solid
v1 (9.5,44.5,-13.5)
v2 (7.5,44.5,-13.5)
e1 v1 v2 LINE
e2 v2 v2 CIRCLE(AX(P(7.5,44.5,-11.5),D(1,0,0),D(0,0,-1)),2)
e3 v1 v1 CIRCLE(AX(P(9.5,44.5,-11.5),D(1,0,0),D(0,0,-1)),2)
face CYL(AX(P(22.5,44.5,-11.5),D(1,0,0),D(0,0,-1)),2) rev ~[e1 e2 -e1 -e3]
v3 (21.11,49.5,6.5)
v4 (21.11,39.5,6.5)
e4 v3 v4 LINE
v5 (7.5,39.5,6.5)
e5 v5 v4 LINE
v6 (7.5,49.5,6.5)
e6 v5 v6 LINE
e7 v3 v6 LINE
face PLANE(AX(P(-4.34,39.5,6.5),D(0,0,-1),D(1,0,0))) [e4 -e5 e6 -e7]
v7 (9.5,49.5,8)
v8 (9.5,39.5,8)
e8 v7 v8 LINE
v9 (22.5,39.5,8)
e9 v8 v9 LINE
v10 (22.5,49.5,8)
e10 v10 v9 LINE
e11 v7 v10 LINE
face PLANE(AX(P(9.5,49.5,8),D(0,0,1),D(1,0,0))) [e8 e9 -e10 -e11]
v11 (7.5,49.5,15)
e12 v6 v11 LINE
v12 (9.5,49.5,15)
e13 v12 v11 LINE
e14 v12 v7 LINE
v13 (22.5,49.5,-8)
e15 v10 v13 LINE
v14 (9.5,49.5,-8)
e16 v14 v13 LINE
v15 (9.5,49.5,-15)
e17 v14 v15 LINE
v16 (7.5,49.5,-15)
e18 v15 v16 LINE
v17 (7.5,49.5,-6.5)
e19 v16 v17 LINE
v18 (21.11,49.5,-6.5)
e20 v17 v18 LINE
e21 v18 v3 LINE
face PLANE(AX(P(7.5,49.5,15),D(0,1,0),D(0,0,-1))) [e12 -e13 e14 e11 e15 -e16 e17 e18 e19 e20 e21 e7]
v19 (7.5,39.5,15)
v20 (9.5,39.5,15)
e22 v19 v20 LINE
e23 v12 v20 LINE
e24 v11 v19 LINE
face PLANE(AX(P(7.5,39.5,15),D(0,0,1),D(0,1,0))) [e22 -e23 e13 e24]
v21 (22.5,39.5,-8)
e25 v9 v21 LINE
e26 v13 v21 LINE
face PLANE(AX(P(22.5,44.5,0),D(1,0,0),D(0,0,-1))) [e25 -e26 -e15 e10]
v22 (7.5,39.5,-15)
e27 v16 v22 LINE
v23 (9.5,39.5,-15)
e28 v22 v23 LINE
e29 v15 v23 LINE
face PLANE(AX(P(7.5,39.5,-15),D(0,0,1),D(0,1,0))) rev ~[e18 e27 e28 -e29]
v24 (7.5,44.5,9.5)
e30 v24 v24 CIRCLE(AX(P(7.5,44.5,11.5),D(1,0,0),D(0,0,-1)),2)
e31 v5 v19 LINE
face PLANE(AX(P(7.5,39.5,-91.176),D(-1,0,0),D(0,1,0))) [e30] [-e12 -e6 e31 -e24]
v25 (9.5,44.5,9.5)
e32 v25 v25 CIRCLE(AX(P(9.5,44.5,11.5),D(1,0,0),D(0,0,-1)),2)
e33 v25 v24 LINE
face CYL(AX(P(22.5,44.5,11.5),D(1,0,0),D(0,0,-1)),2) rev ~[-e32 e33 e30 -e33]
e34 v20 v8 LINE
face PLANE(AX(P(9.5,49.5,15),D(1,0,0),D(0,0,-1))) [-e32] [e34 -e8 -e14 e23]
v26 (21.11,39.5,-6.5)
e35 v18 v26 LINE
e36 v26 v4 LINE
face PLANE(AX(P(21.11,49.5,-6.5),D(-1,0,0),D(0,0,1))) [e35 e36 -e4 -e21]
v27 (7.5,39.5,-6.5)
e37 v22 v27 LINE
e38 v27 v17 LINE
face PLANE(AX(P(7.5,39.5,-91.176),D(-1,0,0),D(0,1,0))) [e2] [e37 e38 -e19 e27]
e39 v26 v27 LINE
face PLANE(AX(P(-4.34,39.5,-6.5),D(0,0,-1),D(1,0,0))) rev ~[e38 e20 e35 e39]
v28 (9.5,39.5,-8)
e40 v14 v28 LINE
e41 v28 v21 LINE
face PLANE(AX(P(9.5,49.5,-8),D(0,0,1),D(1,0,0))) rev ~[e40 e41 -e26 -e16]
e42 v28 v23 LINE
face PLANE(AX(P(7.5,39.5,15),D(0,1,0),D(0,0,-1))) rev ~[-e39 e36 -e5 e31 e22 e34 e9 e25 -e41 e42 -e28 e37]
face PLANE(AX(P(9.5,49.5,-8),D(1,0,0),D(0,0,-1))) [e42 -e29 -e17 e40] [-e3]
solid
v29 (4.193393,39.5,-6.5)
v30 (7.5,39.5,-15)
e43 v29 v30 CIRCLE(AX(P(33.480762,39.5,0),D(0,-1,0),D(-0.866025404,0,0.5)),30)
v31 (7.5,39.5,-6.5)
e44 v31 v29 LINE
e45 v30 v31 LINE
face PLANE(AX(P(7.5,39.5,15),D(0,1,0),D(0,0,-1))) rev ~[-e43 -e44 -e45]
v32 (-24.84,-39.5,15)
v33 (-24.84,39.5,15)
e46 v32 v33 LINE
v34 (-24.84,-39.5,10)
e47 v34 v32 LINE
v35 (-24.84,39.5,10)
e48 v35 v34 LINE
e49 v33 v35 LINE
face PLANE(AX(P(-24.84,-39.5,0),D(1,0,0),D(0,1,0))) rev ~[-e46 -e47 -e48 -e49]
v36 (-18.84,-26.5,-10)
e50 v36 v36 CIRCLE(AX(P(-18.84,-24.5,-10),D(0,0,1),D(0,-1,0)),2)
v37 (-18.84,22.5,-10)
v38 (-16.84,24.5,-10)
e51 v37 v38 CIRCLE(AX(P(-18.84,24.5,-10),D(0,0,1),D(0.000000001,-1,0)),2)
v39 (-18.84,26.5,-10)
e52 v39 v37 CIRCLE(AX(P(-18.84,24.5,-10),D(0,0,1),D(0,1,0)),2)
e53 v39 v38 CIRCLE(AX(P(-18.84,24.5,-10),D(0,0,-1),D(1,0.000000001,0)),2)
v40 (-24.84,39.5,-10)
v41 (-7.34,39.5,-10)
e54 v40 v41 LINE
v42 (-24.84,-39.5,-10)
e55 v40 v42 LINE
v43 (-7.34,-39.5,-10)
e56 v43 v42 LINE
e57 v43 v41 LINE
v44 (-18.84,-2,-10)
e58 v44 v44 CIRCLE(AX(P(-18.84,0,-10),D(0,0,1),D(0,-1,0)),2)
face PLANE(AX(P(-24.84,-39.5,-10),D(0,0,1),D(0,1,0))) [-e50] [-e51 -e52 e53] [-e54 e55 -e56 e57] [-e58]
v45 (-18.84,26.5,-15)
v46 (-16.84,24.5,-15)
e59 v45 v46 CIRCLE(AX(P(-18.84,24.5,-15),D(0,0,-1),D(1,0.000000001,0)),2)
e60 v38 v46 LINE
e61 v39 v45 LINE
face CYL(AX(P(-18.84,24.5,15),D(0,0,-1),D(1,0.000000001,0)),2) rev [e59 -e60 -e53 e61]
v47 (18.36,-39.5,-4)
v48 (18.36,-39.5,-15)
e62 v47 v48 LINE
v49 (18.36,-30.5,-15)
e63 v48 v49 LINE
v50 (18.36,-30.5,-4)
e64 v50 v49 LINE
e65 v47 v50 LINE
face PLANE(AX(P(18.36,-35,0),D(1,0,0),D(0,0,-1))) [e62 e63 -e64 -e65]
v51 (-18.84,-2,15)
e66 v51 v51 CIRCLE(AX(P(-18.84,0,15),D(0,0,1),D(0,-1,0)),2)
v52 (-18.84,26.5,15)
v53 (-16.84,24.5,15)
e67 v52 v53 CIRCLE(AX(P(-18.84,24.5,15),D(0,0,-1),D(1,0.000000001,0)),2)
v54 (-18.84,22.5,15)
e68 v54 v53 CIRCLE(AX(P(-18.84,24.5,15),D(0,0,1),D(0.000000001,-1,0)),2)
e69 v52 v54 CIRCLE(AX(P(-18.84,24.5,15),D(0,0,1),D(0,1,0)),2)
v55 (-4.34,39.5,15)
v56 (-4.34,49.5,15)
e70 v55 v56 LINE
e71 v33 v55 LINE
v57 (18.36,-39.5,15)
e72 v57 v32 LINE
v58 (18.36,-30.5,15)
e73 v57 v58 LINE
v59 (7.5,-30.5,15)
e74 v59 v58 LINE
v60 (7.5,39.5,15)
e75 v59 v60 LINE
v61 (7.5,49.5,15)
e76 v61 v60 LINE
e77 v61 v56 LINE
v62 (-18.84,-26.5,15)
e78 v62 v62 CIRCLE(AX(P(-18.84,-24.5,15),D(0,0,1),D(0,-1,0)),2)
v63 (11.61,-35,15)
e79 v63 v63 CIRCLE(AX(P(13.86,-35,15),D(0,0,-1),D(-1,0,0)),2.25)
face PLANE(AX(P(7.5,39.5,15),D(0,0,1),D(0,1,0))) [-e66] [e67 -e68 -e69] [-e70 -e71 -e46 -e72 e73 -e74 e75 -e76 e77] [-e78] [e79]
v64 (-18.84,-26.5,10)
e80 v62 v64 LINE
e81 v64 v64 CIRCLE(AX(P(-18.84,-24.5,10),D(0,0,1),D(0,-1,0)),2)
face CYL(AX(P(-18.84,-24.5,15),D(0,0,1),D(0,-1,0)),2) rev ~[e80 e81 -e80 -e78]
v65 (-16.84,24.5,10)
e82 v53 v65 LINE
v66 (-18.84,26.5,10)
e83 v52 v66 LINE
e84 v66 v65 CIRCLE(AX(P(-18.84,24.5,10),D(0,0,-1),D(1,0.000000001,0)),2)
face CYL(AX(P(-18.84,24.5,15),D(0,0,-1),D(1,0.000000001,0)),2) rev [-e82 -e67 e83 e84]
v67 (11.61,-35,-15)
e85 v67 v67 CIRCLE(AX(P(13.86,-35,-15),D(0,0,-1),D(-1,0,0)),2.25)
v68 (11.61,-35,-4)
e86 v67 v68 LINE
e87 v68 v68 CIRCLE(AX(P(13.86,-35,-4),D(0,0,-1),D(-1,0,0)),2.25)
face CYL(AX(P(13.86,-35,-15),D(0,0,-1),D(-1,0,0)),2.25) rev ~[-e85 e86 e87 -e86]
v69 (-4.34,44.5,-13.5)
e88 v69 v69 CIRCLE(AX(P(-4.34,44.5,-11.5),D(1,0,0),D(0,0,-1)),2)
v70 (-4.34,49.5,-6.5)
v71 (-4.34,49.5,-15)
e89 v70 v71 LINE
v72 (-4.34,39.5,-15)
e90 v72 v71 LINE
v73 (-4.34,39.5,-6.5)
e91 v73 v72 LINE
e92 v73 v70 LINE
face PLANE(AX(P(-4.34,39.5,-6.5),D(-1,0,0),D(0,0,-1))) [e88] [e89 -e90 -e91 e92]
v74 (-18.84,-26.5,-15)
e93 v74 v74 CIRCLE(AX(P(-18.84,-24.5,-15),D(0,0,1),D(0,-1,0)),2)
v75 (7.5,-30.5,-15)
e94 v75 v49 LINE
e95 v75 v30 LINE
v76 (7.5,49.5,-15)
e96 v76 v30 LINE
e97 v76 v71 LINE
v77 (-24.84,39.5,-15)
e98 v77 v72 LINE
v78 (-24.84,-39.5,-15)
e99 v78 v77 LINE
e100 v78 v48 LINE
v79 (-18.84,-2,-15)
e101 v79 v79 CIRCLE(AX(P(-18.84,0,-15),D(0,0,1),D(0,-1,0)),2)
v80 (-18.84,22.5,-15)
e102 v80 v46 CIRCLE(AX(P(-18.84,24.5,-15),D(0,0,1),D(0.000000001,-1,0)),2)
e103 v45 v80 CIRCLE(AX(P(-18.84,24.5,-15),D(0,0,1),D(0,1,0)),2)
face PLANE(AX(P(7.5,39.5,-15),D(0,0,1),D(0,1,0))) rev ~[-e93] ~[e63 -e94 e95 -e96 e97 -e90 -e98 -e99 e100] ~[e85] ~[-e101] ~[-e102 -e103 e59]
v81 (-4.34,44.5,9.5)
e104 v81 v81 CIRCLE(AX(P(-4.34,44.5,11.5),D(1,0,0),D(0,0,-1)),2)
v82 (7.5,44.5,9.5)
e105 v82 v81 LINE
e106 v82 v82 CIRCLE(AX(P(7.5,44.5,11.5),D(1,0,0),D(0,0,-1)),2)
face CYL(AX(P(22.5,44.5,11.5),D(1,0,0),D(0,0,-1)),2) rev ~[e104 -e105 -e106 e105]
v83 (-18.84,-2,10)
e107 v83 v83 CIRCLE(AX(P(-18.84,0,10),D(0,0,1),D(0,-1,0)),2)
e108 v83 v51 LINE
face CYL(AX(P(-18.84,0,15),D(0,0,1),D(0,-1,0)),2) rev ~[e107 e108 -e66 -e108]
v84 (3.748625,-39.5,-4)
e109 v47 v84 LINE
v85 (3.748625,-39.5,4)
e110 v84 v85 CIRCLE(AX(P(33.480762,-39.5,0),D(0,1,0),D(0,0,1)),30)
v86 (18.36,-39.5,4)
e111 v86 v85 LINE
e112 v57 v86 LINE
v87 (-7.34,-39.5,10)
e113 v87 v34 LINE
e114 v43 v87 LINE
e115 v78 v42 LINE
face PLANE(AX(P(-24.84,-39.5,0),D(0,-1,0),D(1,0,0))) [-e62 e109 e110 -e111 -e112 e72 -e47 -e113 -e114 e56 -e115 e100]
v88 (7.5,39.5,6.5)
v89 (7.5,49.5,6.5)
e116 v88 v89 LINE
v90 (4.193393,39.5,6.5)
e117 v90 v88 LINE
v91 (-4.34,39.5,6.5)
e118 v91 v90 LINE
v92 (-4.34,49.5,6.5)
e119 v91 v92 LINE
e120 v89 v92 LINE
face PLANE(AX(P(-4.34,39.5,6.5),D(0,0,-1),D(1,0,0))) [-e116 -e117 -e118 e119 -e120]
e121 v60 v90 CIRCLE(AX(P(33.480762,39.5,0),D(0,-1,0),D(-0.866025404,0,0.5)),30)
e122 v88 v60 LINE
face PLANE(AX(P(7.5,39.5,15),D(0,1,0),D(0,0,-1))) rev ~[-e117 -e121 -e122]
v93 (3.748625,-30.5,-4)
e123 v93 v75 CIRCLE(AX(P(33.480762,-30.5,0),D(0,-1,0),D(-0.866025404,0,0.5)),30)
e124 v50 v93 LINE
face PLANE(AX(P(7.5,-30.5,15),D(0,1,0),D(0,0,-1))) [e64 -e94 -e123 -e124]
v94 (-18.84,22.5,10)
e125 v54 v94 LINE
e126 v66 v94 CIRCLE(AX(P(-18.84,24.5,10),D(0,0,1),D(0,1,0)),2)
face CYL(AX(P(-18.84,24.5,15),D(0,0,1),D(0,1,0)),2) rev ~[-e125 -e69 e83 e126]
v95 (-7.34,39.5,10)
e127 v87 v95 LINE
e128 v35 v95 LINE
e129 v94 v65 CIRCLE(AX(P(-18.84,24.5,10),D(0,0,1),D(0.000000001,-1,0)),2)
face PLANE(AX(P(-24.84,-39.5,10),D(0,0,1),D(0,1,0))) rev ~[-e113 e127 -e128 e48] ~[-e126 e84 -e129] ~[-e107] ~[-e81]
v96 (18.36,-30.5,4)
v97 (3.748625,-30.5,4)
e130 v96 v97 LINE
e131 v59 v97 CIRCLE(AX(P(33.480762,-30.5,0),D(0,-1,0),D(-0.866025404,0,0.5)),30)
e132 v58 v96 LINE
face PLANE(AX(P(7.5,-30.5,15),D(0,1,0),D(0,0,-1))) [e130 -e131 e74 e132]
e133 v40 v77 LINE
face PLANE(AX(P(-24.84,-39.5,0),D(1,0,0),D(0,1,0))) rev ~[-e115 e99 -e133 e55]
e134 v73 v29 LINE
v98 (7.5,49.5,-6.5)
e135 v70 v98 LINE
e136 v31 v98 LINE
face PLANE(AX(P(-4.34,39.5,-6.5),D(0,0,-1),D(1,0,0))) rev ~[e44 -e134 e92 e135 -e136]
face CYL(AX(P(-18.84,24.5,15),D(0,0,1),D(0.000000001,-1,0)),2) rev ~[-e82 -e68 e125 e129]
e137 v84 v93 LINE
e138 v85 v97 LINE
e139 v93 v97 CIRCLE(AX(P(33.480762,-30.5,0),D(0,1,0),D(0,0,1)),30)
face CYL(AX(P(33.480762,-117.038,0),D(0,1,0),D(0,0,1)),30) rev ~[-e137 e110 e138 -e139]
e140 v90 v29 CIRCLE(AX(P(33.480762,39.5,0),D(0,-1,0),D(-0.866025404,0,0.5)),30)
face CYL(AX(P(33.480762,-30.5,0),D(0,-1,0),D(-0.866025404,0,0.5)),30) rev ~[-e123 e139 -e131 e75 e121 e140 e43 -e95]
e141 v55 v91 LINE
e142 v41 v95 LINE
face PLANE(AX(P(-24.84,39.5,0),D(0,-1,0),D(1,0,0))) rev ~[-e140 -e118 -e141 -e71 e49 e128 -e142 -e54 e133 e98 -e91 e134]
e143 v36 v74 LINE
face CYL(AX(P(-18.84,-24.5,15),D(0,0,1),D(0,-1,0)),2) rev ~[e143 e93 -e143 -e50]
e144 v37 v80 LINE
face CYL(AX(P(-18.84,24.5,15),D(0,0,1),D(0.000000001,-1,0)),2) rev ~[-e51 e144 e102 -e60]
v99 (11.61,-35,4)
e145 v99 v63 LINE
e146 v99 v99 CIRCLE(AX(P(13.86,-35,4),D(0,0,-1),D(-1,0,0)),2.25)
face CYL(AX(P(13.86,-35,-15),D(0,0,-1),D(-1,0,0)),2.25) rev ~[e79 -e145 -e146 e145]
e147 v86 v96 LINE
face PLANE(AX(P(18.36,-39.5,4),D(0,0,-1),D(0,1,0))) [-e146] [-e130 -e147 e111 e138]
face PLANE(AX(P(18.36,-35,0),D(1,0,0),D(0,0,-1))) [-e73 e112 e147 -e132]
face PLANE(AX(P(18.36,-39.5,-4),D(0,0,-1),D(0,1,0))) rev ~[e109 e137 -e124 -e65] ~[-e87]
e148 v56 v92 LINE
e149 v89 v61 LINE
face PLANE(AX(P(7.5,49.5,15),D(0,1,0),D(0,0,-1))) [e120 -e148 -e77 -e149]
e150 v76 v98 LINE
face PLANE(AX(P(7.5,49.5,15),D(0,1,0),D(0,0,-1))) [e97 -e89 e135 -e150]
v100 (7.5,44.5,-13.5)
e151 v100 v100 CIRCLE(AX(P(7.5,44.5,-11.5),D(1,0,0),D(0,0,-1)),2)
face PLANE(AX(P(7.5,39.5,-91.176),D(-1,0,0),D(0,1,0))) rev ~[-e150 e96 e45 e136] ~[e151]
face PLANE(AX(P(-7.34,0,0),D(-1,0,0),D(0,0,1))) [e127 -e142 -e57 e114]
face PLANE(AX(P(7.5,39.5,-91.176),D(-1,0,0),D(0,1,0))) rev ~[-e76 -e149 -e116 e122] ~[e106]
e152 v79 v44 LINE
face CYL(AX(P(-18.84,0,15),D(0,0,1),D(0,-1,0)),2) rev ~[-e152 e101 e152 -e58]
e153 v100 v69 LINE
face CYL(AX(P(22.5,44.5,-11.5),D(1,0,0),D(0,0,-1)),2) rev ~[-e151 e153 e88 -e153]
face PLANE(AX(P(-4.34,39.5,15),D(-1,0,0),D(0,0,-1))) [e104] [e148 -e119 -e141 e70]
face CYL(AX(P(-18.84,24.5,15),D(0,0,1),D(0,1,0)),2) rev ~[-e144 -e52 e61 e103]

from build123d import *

# Parameters (mm, degrees)
SKETCH1_W               = 15
SKETCH1_H               = 79
BOSS_EXTRUDE1_DEPTH     = 15
CUT_EXTRUDE1_DEPTH      = 81.76044824
CUT_EXTRUDE1_DEPTH_BACK = 70
SKETCH3_W               = 30
SKETCH3_H               = 9
BOSS_EXTRUDE2_DEPTH     = 10.86
SKETCH4_R               = 2.25
CUT_EXTRUDE2_DEPTH      = 50.86
CUT_EXTRUDE3_REACH      = 51.538
CUT_EXTRUDE3_END_RADIUS = 30
SKETCH5_W               = 8
SKETCH5_H               = 9
SKETCH8_W               = 17.34
SKETCH8_H               = 79
BOSS_EXTRUDE3_DEPTH     = 15
SKETCH9_W               = 20
SKETCH9_H               = 79
CUT_EXTRUDE4_DEPTH      = 17.5
SKETCH10_R              = 2
CUT_EXTRUDE5_DEPTH      = 40
SKETCH11_W              = 11.84
SKETCH11_H              = 8.5
BOSS_EXTRUDE4_DEPTH     = 10
SKETCH12_R              = 1.5
CUT_EXTRUDE6_DEPTH      = 15
SKETCH14_W              = 30
SKETCH14_H              = 10
BOSS_EXTRUDE5_DEPTH     = 15
SKETCH15_W              = 13
SKETCH15_H              = 7
CUT_EXTRUDE7_DEPTH      = 13
SPLIT1_SURFACE_1_BACK   = 106.176
SPLIT1_SURFACE_1_DEPTH  = 212.352
SPLIT1_SURFACE_2_BACK   = 106.176
SPLIT1_SURFACE_2_DEPTH  = 212.352
SKETCH18_R              = 2
CUT_EXTRUDE8_DEPTH      = 43


with BuildPart() as part:
    # Sketch1 → Boss-Extrude1 (new, symmetric)
    with BuildSketch(Plane.XY):
        Rectangle(SKETCH1_W, SKETCH1_H)
    extrude(amount=BOSS_EXTRUDE1_DEPTH, both=True)

    # Sketch2 → Cut-Extrude1 (cut, two sides: drawn at the far end of the back side and taken through both)
    with BuildSketch(Plane(origin=(0, 39.5, 0), x_dir=(1, 0, 0), z_dir=(0, 1, 0)).offset(-CUT_EXTRUDE1_DEPTH_BACK)):
        with BuildLine():
            ThreePointArc((7.5, -15), (3.480762114, 0), (7.5, 15))
            Line((7.5, 15), (7.5, -15))
        make_face()
    extrude(amount=CUT_EXTRUDE1_DEPTH + CUT_EXTRUDE1_DEPTH_BACK, mode=Mode.SUBTRACT)

    # Sketch3 → Boss-Extrude2 (add)
    with BuildSketch(Plane(origin=(7.5, 0, 0), x_dir=(0, 0, -1), z_dir=(1, 0, 0))):
        with Locations((0, -35)):
            Rectangle(SKETCH3_W, SKETCH3_H)
    extrude(amount=BOSS_EXTRUDE2_DEPTH)

    # Sketch4 → Cut-Extrude2 (cut)
    with BuildSketch(Plane(origin=(0, 0, -15), x_dir=(-1, 0, 0), z_dir=(0, 0, -1))):
        with Locations((-13.86, -35)):
            Circle(SKETCH4_R)
    extrude(amount=-CUT_EXTRUDE2_DEPTH, mode=Mode.SUBTRACT)

    # Cut-Extrude3: up to this cylinder (the profile starts inside it)
    cut_extrude3_end = Plane(origin=(33.480762114, -35, 0), z_dir=(0, 1, 0)) * Cylinder(CUT_EXTRUDE3_END_RADIUS, 164.076, mode=Mode.PRIVATE)
    # Sketch5 → Cut-Extrude3 (cut, up to the surface)
    with BuildSketch(Plane(origin=(18.36, 0, 0), x_dir=(0, 0, -1), z_dir=(1, 0, 0)), mode=Mode.PRIVATE) as cut_extrude3_sk1:
        with Locations((0, -35)):
            Rectangle(SKETCH5_W, SKETCH5_H)
    cut_extrude3_tool1 = extrude(cut_extrude3_sk1.sketch, amount=-CUT_EXTRUDE3_REACH, mode=Mode.PRIVATE) & cut_extrude3_end
    add(cut_extrude3_tool1.solids().sort_by_distance((18.36, -35, 0))[0], mode=Mode.SUBTRACT)

    # Sketch8 → Boss-Extrude3 (add, symmetric)
    with BuildSketch(Plane.XY):
        with Locations((-16.17, 0)):
            Rectangle(SKETCH8_W, SKETCH8_H)
    extrude(amount=BOSS_EXTRUDE3_DEPTH, both=True)

    # Sketch9 → Cut-Extrude4 (cut, symmetric)
    with BuildSketch(Plane.ZY.offset(24.84)):
        Rectangle(SKETCH9_W, SKETCH9_H)
    extrude(amount=CUT_EXTRUDE4_DEPTH, both=True, mode=Mode.SUBTRACT)

    # Sketch10 → Cut-Extrude5 (cut, symmetric)
    with BuildSketch(Plane.XY.offset(15)):
        with BuildLine():
            ThreePointArc((-16.84, 24.5), (-17.425786438, 25.914213562), (-18.84, 26.5))
            Line((-18.84, 26.5), (-18.84, 22.5))
            ThreePointArc((-18.84, 22.5), (-17.425786438, 23.085786438), (-16.84, 24.5))
        make_face()
        with BuildLine():
            Line((-18.84, 22.5), (-18.84, 26.5))
            ThreePointArc((-18.84, 26.5), (-20.84, 24.5), (-18.84, 22.5))
        make_face()
        with Locations(Location((-18.84, -24.5, 0), (0, 0, 270))):
            Circle(SKETCH10_R)
        with Locations(Location((-18.84, 0, 0), (0, 0, 270))):
            Circle(SKETCH10_R)
    extrude(amount=CUT_EXTRUDE5_DEPTH, both=True, mode=Mode.SUBTRACT)

    # Sketch11 → Boss-Extrude4 (add)
    with BuildSketch(Plane(origin=(0, 39.5, 0), x_dir=(1, 0, 0), z_dir=(0, 1, 0))):
        with Locations((1.58, -10.75)):
            Rectangle(SKETCH11_W, SKETCH11_H)
        with Locations((1.58, 10.75)):
            Rectangle(SKETCH11_W, SKETCH11_H)
    extrude(amount=BOSS_EXTRUDE4_DEPTH)

    # Sketch12 → Cut-Extrude6 (cut, symmetric)
    with BuildSketch(Plane(origin=(7.5, 0, 0), x_dir=(0, 0, -1), z_dir=(1, 0, 0))):
        with Locations((11.25, 44.5)):
            Circle(SKETCH12_R)
        with Locations((-11.25, 44.5)):
            Circle(SKETCH12_R)
    extrude(amount=CUT_EXTRUDE6_DEPTH, both=True, mode=Mode.SUBTRACT)

    # Sketch14 → Boss-Extrude5 (add)
    with BuildSketch(Plane(origin=(7.5, 0, 0), x_dir=(0, 0, -1), z_dir=(1, 0, 0))):
        with Locations((0, 44.5)):
            Rectangle(SKETCH14_W, SKETCH14_H)
    extrude(amount=BOSS_EXTRUDE5_DEPTH)

    # Sketch15 → Cut-Extrude7 (cut)
    with BuildSketch(Plane(origin=(0, 49.5, 0), x_dir=(1, 0, 0), z_dir=(0, 1, 0))):
        with Locations((16, -11.5)):
            Rectangle(SKETCH15_W, SKETCH15_H)
        with Locations((16, 11.5)):
            Rectangle(SKETCH15_W, SKETCH15_H)
        Polygon((8.75, -6.5), (7.5, -6.5), (7.5, 6.5), (8.75, 6.5), (21.11, 6.5), (21.11, -6.5), align=None)
    extrude(amount=-CUT_EXTRUDE7_DEPTH, mode=Mode.SUBTRACT)


with BuildPart() as body_2:
    # Split1: the piece behind the surface
    add(part.part)
    # Split1 surface: a surface, the sketch's curves swept straight by 212.352 mm
    with BuildLine(Plane.XY.offset(15).offset(-SPLIT1_SURFACE_1_BACK), mode=Mode.PRIVATE) as split1_surface_1_path:
        Line((7.5, 39.5), (7.5, 49.5))
    split1_surface_1 = Shell.extrude(split1_surface_1_path.wire(), (0 * SPLIT1_SURFACE_1_DEPTH, 0 * SPLIT1_SURFACE_1_DEPTH, 1 * SPLIT1_SURFACE_1_DEPTH))
    split(bisect_by=split1_surface_1, keep=Keep.BOTTOM)


with BuildPart() as part_1:
    add(part.part)

    # Split1: split by a surface, the side it looks to stays
    # Split1 surface: a surface, the sketch's curves swept straight by 212.352 mm
    with BuildLine(Plane.XY.offset(15).offset(-SPLIT1_SURFACE_2_BACK), mode=Mode.PRIVATE) as split1_surface_2_path:
        Line((7.5, 39.5), (7.5, 49.5))
    split1_surface_2 = Shell.extrude(split1_surface_2_path.wire(), (0 * SPLIT1_SURFACE_2_DEPTH, 0 * SPLIT1_SURFACE_2_DEPTH, 1 * SPLIT1_SURFACE_2_DEPTH))
    split(bisect_by=split1_surface_2, keep=Keep.TOP)


with BuildPart() as cut_extrude8_tool:
    # Sketch18 → Cut-Extrude8 (new body)
    with BuildSketch(Plane(origin=(22.5, 0, 0), x_dir=(0, 0, -1), z_dir=(1, 0, 0))):
        with Locations((-11.5, 44.5)):
            Circle(SKETCH18_R)
        with Locations((11.5, 44.5)):
            Circle(SKETCH18_R)
    extrude(amount=-CUT_EXTRUDE8_DEPTH)


with BuildPart() as part_2:
    add(part_1.part)

    # Cut-Extrude8: cut by cut_extrude8_tool
    add(cut_extrude8_tool.part, mode=Mode.SUBTRACT)


with BuildPart() as body_2_1:
    add(body_2.part)

    # Cut-Extrude8: cut by cut_extrude8_tool
    add(cut_extrude8_tool.part, mode=Mode.SUBTRACT)


solid = Compound([part_2.part, body_2_1.part])
